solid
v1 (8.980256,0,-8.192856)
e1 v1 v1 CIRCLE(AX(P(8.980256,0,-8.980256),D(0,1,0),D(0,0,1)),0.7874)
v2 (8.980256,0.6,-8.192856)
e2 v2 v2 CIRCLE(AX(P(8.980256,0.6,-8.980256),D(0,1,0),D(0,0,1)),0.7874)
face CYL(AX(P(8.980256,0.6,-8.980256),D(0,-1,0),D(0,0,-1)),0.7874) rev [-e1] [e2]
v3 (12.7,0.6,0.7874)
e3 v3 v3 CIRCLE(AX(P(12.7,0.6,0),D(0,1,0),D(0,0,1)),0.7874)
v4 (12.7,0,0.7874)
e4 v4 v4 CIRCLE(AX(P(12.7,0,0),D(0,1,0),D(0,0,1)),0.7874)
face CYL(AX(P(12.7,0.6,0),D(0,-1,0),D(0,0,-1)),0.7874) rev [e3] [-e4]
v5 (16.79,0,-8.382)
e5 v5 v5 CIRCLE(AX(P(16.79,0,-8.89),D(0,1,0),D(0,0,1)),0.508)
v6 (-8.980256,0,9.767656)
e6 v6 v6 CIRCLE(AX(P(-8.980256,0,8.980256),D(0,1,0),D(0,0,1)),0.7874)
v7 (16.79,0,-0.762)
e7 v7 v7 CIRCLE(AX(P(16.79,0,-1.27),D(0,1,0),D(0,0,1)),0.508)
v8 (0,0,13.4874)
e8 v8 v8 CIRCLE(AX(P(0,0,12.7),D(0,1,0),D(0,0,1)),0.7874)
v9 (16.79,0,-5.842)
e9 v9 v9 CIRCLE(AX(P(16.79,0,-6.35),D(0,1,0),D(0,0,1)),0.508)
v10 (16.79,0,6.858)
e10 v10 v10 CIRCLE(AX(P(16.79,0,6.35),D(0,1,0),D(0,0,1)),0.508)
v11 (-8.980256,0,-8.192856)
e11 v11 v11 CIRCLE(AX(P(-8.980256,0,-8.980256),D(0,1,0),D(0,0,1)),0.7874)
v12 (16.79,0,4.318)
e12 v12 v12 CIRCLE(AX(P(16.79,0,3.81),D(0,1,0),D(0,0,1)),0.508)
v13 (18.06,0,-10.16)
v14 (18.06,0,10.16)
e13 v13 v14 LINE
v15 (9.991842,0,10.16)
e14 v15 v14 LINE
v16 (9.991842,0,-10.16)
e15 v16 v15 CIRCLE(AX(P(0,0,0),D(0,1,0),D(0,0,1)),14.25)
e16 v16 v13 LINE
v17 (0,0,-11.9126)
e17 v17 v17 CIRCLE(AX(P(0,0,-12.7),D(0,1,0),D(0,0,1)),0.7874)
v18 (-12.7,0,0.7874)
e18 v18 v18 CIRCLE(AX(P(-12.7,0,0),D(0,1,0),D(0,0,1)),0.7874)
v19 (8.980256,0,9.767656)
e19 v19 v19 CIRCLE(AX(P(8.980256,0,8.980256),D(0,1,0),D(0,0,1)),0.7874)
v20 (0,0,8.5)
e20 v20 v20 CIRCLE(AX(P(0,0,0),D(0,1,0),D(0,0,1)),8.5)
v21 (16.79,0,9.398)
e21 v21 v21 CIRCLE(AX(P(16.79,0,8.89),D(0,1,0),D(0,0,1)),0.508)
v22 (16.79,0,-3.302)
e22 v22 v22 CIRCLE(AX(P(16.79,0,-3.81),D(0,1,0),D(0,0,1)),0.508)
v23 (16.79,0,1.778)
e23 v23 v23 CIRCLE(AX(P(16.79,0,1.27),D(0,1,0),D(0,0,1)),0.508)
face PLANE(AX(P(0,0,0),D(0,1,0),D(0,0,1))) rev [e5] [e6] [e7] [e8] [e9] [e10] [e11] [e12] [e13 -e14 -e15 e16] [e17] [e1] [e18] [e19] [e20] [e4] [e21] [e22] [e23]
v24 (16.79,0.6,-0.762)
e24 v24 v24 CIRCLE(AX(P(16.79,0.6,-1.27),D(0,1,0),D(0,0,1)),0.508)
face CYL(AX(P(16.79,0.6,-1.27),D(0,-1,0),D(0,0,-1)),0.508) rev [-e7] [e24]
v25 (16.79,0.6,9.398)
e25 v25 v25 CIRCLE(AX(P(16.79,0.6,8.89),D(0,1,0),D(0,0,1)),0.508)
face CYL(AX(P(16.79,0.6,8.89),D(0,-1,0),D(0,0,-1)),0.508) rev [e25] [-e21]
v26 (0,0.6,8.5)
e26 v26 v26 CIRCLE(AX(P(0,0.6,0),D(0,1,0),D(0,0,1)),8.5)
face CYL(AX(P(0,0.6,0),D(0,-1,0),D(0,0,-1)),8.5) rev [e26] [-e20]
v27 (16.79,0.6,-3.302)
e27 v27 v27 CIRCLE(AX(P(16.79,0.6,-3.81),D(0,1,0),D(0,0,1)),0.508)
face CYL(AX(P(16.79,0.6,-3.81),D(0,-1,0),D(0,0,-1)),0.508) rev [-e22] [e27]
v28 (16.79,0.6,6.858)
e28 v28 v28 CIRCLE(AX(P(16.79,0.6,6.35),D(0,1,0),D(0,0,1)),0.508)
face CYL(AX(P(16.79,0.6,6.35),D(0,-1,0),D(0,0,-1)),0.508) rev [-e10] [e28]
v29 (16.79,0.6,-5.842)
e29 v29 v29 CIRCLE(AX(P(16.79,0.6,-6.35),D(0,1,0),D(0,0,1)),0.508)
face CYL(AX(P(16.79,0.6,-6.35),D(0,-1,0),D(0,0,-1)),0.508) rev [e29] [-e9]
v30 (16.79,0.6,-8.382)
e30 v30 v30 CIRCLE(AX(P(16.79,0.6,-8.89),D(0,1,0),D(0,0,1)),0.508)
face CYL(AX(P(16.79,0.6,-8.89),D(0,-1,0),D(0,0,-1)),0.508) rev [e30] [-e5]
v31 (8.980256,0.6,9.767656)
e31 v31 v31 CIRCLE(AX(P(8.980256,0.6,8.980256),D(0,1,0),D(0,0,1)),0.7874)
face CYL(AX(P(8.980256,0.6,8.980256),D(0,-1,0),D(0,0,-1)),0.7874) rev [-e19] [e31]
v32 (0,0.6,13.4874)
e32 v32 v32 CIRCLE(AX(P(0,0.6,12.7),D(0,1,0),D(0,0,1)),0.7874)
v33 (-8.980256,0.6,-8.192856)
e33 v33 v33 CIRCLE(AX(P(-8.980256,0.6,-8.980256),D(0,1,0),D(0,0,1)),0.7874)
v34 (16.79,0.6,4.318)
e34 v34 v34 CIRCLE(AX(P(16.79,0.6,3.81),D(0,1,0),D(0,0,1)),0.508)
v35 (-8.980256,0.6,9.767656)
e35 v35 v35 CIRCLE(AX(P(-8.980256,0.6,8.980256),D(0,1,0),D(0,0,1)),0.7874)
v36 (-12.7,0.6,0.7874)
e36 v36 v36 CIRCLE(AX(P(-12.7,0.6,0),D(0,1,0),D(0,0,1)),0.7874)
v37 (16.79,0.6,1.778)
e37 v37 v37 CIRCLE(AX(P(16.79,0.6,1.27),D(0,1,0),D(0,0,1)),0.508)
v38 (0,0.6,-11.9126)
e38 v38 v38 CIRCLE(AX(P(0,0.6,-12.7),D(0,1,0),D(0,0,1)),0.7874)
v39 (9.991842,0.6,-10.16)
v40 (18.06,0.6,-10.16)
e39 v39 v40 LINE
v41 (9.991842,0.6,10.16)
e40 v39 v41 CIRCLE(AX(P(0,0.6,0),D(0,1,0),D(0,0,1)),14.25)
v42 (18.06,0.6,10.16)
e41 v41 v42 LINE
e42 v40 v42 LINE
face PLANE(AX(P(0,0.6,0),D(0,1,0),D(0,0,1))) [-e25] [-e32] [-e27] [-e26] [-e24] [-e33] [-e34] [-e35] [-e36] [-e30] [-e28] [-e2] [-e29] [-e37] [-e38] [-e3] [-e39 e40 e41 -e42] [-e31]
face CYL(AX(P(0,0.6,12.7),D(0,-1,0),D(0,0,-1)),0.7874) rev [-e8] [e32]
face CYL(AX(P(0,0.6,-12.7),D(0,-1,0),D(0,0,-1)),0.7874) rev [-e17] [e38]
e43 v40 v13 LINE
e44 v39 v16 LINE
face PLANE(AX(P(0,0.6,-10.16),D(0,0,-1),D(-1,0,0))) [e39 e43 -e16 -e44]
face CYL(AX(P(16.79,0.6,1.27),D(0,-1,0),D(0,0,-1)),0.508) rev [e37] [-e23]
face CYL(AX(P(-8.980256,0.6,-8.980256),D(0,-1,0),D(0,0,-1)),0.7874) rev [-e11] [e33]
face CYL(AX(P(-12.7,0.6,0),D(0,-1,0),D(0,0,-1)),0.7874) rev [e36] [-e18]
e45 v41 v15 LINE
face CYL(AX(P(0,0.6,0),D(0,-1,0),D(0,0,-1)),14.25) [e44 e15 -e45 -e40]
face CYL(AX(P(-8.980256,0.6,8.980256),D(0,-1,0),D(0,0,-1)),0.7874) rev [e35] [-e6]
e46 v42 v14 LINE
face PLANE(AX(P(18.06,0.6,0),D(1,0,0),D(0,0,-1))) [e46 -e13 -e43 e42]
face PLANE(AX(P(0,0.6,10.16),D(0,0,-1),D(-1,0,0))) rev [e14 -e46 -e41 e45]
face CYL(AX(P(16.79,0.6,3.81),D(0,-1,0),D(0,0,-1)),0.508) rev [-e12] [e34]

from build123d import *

# Parameters (mm, degrees)
SKETCH1_R           = 0.7874
SKETCH1_R_2         = 8.5
SKETCH1_R_3         = 0.508
BOSS_EXTRUDE1_DEPTH = 0.6


with BuildPart() as part:
    # Sketch1 → Boss-Extrude1 (new body)
    # profile 1 of 3: a face of its own
    with BuildSketch(Plane(origin=(0, 0, 0), x_dir=(1, 0, 0), z_dir=(0, 1, 0))):
        with BuildLine():
            Line((9.991841672, -10.16), (9.991841672, 10.16))
            ThreePointArc((9.991841672, 10.16), (-14.25, 0), (9.991841672, -10.16))
        make_face()
        with Locations(Location((-8.980256121, -8.980256121, 0), (0, 0, 270))):
            Circle(SKETCH1_R, mode=Mode.SUBTRACT)
        with Locations(Location((0, -12.7, 0), (0, 0, 270))):
            Circle(SKETCH1_R, mode=Mode.SUBTRACT)
        with Locations(Location((8.980256121, -8.980256121, 0), (0, 0, 270))):
            Circle(SKETCH1_R, mode=Mode.SUBTRACT)
        with Locations(Location((-12.7, 0, 0), (0, 0, 270))):
            Circle(SKETCH1_R, mode=Mode.SUBTRACT)
        with Locations(Location((0, 0, 0), (0, 0, 270))):
            Circle(SKETCH1_R_2, mode=Mode.SUBTRACT)
        with Locations(Location((-8.980256121, 8.980256121, 0), (0, 0, 270))):
            Circle(SKETCH1_R, mode=Mode.SUBTRACT)
        with Locations(Location((0, 12.7, 0), (0, 0, 270))):
            Circle(SKETCH1_R, mode=Mode.SUBTRACT)
        with Locations(Location((8.980256121, 8.980256121, 0), (0, 0, 270))):
            Circle(SKETCH1_R, mode=Mode.SUBTRACT)
    # profile 2 of 3: a face of its own
    with BuildSketch(Plane(origin=(0, 0, 0), x_dir=(1, 0, 0), z_dir=(0, 1, 0))):
        with BuildLine():
            ThreePointArc((14.25, 0), (13.142416898, 5.508119288), (9.991841672, 10.16))
            Line((9.991841672, 10.16), (9.991841672, -10.16))
            ThreePointArc((9.991841672, -10.16), (13.142416898, -5.508119288), (14.25, 0))
        make_face()
        with Locations(Location((12.7, 0, 0), (0, 0, 270))):
            Circle(SKETCH1_R, mode=Mode.SUBTRACT)
    # profile 3 of 3: a face of its own
    with BuildSketch(Plane(origin=(0, 0, 0), x_dir=(1, 0, 0), z_dir=(0, 1, 0))):
        with BuildLine():
            Line((18.06, 10.16), (9.991841672, 10.16))
            ThreePointArc((9.991841672, 10.16), (13.142416898, 5.508119288), (14.25, 0))
            ThreePointArc((14.25, 0), (13.142416898, -5.508119288), (9.991841672, -10.16))
            Line((9.991841672, -10.16), (18.06, -10.16))
            Line((18.06, -10.16), (18.06, 10.16))
        make_face()
        with Locations(Location((16.79, -8.89, 0), (0, 0, 270))):
            Circle(SKETCH1_R_3, mode=Mode.SUBTRACT)
        with Locations(Location((16.79, -6.35, 0), (0, 0, 270))):
            Circle(SKETCH1_R_3, mode=Mode.SUBTRACT)
        with Locations(Location((16.79, -3.81, 0), (0, 0, 270))):
            Circle(SKETCH1_R_3, mode=Mode.SUBTRACT)
        with Locations(Location((16.79, -1.27, 0), (0, 0, 270))):
            Circle(SKETCH1_R_3, mode=Mode.SUBTRACT)
        with Locations(Location((16.79, 1.27, 0), (0, 0, 270))):
            Circle(SKETCH1_R_3, mode=Mode.SUBTRACT)
        with Locations(Location((16.79, 3.81, 0), (0, 0, 270))):
            Circle(SKETCH1_R_3, mode=Mode.SUBTRACT)
        with Locations(Location((16.79, 6.35, 0), (0, 0, 270))):
            Circle(SKETCH1_R_3, mode=Mode.SUBTRACT)
        with Locations(Location((16.79, 8.89, 0), (0, 0, 270))):
            Circle(SKETCH1_R_3, mode=Mode.SUBTRACT)
    extrude(amount=BOSS_EXTRUDE1_DEPTH)


solid = part.part
